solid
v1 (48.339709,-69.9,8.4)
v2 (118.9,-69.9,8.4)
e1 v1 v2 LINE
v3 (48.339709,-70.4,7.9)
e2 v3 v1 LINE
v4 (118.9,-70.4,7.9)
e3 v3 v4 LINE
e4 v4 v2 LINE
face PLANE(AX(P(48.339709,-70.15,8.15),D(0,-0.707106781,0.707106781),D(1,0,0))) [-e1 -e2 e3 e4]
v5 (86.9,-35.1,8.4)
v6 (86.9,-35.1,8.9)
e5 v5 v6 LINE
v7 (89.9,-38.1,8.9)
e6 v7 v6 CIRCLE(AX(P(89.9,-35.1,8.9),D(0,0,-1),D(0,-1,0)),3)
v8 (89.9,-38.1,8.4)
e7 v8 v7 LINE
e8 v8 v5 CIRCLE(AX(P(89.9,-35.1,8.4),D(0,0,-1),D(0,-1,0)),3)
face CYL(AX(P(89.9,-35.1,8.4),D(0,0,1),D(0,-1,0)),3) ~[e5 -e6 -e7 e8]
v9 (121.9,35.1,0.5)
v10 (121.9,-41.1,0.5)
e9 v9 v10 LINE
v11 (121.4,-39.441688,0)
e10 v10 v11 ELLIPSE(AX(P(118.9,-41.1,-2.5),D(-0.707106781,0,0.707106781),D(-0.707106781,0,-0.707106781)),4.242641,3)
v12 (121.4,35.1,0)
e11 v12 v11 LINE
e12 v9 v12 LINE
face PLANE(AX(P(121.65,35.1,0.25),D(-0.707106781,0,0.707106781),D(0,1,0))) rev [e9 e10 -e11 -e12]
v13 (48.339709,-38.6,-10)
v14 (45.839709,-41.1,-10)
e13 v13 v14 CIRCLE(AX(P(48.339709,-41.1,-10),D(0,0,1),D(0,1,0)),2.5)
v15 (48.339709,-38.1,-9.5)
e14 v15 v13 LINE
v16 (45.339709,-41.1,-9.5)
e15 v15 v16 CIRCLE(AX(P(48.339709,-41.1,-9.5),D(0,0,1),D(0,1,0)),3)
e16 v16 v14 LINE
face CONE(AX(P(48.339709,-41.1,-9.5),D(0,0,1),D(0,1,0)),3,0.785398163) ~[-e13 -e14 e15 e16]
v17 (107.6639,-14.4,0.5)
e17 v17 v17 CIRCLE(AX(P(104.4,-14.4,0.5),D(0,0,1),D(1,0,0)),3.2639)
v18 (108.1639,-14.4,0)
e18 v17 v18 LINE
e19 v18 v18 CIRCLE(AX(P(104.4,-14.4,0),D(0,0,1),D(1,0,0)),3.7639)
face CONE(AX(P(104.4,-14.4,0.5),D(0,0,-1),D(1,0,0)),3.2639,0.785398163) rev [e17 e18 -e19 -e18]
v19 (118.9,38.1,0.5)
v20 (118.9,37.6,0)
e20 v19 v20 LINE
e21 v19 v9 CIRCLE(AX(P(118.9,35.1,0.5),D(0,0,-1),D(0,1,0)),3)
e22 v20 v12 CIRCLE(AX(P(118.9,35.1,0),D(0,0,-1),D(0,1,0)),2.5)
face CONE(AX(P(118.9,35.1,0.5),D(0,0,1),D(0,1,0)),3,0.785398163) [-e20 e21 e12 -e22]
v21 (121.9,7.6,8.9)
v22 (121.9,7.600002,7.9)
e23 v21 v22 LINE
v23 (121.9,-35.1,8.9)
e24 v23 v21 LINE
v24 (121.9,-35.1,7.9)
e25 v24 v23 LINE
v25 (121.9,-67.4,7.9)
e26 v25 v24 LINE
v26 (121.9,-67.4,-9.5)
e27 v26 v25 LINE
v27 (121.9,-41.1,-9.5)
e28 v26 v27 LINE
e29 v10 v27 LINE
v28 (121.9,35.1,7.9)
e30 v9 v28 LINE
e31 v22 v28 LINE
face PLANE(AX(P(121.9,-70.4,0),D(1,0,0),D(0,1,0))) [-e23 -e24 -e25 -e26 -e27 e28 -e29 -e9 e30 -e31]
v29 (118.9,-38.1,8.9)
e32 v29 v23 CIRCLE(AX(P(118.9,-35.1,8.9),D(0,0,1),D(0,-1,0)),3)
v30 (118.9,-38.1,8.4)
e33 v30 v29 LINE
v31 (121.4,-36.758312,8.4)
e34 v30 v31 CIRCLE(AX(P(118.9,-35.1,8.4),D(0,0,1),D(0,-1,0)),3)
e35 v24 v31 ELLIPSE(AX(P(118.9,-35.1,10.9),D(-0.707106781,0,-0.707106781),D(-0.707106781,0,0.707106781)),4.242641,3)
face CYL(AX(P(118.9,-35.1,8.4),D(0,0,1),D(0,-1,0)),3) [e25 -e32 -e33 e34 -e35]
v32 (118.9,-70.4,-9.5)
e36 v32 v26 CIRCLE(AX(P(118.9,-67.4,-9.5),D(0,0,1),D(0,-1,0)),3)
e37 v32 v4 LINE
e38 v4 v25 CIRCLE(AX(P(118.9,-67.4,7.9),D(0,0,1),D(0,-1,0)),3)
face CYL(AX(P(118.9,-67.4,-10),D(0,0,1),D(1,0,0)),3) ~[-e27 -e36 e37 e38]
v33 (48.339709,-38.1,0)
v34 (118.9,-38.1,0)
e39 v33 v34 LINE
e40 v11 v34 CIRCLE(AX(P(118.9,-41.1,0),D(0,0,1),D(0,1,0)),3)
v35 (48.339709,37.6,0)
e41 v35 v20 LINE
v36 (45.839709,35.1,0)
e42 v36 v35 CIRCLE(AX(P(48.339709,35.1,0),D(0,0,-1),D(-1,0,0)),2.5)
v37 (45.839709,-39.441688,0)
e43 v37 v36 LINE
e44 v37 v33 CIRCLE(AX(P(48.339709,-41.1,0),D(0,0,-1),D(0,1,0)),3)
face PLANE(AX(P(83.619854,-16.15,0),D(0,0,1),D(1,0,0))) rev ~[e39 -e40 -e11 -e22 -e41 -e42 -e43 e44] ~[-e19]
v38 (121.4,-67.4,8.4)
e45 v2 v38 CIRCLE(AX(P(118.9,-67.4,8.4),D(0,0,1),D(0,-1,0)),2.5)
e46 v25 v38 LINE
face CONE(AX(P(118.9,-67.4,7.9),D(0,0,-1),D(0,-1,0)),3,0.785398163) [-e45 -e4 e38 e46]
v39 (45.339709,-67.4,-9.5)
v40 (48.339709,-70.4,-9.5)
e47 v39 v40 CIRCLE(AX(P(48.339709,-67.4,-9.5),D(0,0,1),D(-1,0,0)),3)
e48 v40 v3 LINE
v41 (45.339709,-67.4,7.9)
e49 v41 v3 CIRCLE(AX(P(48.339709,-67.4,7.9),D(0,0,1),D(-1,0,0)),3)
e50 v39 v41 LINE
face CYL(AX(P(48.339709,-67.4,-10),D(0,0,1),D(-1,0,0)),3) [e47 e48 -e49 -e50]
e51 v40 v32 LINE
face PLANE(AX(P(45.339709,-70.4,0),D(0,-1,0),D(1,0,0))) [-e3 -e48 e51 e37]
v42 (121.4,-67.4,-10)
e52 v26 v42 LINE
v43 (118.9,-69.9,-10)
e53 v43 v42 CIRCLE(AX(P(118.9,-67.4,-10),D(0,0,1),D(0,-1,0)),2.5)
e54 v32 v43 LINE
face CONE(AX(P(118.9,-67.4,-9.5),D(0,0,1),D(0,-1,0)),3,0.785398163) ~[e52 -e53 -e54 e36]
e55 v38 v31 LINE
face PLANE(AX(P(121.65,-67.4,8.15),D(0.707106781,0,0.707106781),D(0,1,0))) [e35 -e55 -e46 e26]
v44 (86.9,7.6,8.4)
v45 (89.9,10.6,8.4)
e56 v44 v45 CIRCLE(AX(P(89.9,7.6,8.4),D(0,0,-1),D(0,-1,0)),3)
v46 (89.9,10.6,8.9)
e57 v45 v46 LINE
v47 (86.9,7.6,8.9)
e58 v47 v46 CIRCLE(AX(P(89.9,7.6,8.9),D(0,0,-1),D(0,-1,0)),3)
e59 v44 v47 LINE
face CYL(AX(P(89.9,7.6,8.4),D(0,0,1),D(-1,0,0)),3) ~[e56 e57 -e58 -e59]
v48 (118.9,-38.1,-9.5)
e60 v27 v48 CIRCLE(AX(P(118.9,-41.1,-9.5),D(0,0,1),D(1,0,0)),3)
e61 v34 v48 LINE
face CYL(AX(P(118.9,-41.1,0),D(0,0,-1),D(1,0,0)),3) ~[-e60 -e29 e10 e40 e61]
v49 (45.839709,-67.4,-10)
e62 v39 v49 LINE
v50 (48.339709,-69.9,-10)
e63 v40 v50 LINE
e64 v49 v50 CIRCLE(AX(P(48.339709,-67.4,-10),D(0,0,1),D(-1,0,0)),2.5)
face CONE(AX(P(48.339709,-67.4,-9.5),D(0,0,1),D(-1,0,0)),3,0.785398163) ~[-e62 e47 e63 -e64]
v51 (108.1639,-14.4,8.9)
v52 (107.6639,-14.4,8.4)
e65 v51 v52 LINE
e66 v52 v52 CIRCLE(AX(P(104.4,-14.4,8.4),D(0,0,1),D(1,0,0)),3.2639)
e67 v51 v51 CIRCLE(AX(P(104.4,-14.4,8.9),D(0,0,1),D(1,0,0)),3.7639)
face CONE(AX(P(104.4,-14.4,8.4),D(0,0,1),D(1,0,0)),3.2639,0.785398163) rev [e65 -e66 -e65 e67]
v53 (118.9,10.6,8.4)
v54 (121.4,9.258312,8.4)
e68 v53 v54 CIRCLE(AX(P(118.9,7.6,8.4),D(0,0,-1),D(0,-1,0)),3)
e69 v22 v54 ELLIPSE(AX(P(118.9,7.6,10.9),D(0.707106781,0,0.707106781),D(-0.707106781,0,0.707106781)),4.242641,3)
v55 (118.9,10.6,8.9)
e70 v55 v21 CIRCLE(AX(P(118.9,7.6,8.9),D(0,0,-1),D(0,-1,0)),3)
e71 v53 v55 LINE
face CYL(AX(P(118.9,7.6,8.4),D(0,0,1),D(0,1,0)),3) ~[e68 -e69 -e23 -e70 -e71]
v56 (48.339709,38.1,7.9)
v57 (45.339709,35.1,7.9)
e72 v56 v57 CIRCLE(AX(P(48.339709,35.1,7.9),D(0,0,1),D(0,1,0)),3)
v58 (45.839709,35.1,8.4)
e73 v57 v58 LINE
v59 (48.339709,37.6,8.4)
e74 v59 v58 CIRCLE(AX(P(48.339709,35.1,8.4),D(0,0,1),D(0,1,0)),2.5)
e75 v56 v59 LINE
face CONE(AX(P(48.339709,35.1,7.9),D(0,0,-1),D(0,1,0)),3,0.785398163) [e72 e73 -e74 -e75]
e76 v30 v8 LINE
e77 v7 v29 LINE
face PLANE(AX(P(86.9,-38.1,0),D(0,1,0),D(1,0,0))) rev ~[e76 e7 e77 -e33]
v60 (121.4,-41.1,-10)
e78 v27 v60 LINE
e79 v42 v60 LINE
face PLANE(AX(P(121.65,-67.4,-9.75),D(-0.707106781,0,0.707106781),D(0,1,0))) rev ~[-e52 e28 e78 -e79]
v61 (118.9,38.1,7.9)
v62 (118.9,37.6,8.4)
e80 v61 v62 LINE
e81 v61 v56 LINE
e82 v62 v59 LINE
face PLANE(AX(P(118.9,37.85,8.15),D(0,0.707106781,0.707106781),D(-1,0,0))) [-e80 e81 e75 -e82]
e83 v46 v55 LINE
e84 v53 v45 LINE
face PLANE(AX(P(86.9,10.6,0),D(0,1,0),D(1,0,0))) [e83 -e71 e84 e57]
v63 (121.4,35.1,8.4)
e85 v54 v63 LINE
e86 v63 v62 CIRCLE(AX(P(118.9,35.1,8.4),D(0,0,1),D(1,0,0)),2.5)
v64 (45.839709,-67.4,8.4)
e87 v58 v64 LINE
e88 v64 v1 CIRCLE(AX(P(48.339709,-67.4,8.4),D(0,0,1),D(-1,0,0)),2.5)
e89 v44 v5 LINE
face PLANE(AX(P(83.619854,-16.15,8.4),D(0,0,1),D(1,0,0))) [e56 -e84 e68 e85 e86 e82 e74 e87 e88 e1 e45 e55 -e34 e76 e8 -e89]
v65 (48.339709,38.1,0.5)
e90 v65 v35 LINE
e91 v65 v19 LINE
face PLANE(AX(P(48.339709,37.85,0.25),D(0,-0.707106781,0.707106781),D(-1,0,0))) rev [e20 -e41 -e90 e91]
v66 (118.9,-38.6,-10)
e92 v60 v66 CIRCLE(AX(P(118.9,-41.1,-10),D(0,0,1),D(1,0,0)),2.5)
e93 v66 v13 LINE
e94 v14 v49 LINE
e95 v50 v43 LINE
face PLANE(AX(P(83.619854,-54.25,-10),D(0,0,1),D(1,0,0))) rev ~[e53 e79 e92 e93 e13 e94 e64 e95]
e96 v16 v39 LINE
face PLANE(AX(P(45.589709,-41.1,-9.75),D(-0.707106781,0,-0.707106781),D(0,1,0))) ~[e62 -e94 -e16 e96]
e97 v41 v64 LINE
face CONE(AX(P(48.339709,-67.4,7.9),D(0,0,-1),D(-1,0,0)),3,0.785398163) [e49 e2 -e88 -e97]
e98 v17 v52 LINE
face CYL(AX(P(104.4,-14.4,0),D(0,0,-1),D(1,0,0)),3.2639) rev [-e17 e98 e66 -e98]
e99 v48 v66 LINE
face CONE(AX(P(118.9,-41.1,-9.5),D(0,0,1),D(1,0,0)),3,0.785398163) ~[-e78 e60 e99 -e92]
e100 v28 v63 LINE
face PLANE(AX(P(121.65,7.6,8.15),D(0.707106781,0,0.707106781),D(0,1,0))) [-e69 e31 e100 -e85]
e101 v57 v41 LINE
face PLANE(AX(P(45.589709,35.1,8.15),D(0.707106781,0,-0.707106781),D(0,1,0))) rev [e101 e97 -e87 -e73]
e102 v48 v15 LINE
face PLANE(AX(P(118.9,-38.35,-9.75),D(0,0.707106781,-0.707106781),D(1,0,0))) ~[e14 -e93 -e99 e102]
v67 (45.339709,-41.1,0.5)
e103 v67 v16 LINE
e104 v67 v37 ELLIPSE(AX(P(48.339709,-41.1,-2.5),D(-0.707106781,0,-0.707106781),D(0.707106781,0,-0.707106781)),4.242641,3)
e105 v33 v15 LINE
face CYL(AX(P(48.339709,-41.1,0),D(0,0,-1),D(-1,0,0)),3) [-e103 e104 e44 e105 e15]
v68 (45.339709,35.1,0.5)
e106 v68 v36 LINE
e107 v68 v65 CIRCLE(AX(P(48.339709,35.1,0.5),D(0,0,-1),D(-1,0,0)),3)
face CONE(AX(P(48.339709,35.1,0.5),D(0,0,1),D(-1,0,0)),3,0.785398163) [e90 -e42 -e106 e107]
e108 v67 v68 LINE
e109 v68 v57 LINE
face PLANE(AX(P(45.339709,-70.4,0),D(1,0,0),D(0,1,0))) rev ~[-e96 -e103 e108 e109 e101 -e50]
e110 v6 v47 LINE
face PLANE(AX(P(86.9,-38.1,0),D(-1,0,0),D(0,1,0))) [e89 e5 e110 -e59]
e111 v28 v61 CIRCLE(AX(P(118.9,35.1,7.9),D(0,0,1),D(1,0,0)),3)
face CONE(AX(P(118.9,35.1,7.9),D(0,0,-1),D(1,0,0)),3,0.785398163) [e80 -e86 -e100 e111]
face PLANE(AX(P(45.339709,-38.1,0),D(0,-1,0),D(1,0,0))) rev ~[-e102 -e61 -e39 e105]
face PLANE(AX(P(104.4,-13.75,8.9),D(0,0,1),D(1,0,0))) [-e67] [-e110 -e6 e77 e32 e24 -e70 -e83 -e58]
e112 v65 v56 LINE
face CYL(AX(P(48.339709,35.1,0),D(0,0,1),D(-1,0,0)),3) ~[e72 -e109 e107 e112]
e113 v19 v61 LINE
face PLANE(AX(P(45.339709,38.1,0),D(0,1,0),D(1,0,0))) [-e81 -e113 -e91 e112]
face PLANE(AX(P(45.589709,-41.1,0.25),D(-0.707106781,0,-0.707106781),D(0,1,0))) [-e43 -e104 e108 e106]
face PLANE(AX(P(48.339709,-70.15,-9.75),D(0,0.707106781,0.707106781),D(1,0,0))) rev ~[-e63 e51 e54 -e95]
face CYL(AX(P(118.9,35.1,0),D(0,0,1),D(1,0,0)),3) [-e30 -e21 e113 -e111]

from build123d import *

# Parameters (mm, degrees)
SKETCH1_W           = 76.560291348
SKETCH1_H           = 108.5
SKETCH1_R           = 3.2639
BOSS_EXTRUDE1_DEPTH = 8.4
SKETCH1_3_W         = 35
SKETCH1_3_H         = 48.7
SKETCH1_3_R         = 3.2639
BOSS_EXTRUDE2_DEPTH = 8.9
SKETCH1_4_W         = 76.560291348
SKETCH1_4_H         = 32.3
BOSS_EXTRUDE3_DEPTH = 10
FILLET1_R           = 3
CHAMFER1_SIZE       = 0.5


with BuildPart() as part:
    # Sketch1 → Boss-Extrude1 (new body)
    with BuildSketch(Plane.XY):
        with Locations((83.619854326, -16.15)):
            Rectangle(SKETCH1_W, SKETCH1_H)
        with Locations((104.4, -14.4)):
            Circle(SKETCH1_R, mode=Mode.SUBTRACT)
    extrude(amount=BOSS_EXTRUDE1_DEPTH)

    # Sketch1<3> → Boss-Extrude2 (add)
    with BuildSketch(Plane.XY):
        with Locations((104.4, -13.75)):
            Rectangle(SKETCH1_3_W, SKETCH1_3_H)
        with Locations((104.4, -14.4)):
            Circle(SKETCH1_3_R, mode=Mode.SUBTRACT)
    extrude(amount=BOSS_EXTRUDE2_DEPTH)

    # Sketch1<4> → Boss-Extrude3 (add)
    with BuildSketch(Plane.XY):
        with Locations((83.619854326, -54.25)):
            Rectangle(SKETCH1_4_W, SKETCH1_4_H)
    extrude(amount=-BOSS_EXTRUDE3_DEPTH)

    # Fillet1
    fillet1_edges = [part.edges().sort_by_distance(p)[0] for p in [
        (45.339708652, 38.1, 4.2),
        (121.9, -38.1, 8.65),
        (86.9, -38.1, 8.65),
        (86.9, 10.6, 8.65),
        (121.9, 10.6, 8.65),
        (45.339708652, -70.4, -0.8),
        (121.9, -38.1, -5),
        (45.339708652, -38.1, -5),
        (121.9, -70.4, -0.8),
        (121.9, 38.1, 4.2),
    ]]
    fillet(fillet1_edges, radius=FILLET1_R)

    # Chamfer1
    chamfer1_edges = [part.edges().sort_by_distance(p)[0] for p in [
        (121.9, 22.85, 8.4),
        (101.1361, -14.4, 8.9),
        (101.1361, -14.4, 0),
        (121.9, -54.25, -10),
        (121.9, -1.5, 0),
        (121.9, -52.75, 8.4),
        (45.339708652, -16.15, 8.4),
        (45.339708652, -1.5, 0),
        (45.339708652, -54.25, -10),
        (83.619854326, 38.1, 0),
        (121.021320344, 37.221320344, 0),
        (46.218388308, 37.221320344, 0),
        (83.619854326, 38.1, 8.4),
        (83.619854326, -70.4, 8.4),
        (121.021320344, -69.521320344, 8.4),
        (46.218388308, -69.521320344, 8.4),
        (121.021320344, 37.221320344, 8.4),
        (46.218388308, 37.221320344, 8.4),
        (83.619854326, -38.1, -10),
        (83.619854326, -70.4, -10),
        (121.021320344, -69.521320344, -10),
        (46.218388308, -69.521320344, -10),
        (121.021320344, -38.978679656, -10),
        (46.218388308, -38.978679656, -10),
    ]]
    chamfer(chamfer1_edges, length=CHAMFER1_SIZE)


solid = part.part
